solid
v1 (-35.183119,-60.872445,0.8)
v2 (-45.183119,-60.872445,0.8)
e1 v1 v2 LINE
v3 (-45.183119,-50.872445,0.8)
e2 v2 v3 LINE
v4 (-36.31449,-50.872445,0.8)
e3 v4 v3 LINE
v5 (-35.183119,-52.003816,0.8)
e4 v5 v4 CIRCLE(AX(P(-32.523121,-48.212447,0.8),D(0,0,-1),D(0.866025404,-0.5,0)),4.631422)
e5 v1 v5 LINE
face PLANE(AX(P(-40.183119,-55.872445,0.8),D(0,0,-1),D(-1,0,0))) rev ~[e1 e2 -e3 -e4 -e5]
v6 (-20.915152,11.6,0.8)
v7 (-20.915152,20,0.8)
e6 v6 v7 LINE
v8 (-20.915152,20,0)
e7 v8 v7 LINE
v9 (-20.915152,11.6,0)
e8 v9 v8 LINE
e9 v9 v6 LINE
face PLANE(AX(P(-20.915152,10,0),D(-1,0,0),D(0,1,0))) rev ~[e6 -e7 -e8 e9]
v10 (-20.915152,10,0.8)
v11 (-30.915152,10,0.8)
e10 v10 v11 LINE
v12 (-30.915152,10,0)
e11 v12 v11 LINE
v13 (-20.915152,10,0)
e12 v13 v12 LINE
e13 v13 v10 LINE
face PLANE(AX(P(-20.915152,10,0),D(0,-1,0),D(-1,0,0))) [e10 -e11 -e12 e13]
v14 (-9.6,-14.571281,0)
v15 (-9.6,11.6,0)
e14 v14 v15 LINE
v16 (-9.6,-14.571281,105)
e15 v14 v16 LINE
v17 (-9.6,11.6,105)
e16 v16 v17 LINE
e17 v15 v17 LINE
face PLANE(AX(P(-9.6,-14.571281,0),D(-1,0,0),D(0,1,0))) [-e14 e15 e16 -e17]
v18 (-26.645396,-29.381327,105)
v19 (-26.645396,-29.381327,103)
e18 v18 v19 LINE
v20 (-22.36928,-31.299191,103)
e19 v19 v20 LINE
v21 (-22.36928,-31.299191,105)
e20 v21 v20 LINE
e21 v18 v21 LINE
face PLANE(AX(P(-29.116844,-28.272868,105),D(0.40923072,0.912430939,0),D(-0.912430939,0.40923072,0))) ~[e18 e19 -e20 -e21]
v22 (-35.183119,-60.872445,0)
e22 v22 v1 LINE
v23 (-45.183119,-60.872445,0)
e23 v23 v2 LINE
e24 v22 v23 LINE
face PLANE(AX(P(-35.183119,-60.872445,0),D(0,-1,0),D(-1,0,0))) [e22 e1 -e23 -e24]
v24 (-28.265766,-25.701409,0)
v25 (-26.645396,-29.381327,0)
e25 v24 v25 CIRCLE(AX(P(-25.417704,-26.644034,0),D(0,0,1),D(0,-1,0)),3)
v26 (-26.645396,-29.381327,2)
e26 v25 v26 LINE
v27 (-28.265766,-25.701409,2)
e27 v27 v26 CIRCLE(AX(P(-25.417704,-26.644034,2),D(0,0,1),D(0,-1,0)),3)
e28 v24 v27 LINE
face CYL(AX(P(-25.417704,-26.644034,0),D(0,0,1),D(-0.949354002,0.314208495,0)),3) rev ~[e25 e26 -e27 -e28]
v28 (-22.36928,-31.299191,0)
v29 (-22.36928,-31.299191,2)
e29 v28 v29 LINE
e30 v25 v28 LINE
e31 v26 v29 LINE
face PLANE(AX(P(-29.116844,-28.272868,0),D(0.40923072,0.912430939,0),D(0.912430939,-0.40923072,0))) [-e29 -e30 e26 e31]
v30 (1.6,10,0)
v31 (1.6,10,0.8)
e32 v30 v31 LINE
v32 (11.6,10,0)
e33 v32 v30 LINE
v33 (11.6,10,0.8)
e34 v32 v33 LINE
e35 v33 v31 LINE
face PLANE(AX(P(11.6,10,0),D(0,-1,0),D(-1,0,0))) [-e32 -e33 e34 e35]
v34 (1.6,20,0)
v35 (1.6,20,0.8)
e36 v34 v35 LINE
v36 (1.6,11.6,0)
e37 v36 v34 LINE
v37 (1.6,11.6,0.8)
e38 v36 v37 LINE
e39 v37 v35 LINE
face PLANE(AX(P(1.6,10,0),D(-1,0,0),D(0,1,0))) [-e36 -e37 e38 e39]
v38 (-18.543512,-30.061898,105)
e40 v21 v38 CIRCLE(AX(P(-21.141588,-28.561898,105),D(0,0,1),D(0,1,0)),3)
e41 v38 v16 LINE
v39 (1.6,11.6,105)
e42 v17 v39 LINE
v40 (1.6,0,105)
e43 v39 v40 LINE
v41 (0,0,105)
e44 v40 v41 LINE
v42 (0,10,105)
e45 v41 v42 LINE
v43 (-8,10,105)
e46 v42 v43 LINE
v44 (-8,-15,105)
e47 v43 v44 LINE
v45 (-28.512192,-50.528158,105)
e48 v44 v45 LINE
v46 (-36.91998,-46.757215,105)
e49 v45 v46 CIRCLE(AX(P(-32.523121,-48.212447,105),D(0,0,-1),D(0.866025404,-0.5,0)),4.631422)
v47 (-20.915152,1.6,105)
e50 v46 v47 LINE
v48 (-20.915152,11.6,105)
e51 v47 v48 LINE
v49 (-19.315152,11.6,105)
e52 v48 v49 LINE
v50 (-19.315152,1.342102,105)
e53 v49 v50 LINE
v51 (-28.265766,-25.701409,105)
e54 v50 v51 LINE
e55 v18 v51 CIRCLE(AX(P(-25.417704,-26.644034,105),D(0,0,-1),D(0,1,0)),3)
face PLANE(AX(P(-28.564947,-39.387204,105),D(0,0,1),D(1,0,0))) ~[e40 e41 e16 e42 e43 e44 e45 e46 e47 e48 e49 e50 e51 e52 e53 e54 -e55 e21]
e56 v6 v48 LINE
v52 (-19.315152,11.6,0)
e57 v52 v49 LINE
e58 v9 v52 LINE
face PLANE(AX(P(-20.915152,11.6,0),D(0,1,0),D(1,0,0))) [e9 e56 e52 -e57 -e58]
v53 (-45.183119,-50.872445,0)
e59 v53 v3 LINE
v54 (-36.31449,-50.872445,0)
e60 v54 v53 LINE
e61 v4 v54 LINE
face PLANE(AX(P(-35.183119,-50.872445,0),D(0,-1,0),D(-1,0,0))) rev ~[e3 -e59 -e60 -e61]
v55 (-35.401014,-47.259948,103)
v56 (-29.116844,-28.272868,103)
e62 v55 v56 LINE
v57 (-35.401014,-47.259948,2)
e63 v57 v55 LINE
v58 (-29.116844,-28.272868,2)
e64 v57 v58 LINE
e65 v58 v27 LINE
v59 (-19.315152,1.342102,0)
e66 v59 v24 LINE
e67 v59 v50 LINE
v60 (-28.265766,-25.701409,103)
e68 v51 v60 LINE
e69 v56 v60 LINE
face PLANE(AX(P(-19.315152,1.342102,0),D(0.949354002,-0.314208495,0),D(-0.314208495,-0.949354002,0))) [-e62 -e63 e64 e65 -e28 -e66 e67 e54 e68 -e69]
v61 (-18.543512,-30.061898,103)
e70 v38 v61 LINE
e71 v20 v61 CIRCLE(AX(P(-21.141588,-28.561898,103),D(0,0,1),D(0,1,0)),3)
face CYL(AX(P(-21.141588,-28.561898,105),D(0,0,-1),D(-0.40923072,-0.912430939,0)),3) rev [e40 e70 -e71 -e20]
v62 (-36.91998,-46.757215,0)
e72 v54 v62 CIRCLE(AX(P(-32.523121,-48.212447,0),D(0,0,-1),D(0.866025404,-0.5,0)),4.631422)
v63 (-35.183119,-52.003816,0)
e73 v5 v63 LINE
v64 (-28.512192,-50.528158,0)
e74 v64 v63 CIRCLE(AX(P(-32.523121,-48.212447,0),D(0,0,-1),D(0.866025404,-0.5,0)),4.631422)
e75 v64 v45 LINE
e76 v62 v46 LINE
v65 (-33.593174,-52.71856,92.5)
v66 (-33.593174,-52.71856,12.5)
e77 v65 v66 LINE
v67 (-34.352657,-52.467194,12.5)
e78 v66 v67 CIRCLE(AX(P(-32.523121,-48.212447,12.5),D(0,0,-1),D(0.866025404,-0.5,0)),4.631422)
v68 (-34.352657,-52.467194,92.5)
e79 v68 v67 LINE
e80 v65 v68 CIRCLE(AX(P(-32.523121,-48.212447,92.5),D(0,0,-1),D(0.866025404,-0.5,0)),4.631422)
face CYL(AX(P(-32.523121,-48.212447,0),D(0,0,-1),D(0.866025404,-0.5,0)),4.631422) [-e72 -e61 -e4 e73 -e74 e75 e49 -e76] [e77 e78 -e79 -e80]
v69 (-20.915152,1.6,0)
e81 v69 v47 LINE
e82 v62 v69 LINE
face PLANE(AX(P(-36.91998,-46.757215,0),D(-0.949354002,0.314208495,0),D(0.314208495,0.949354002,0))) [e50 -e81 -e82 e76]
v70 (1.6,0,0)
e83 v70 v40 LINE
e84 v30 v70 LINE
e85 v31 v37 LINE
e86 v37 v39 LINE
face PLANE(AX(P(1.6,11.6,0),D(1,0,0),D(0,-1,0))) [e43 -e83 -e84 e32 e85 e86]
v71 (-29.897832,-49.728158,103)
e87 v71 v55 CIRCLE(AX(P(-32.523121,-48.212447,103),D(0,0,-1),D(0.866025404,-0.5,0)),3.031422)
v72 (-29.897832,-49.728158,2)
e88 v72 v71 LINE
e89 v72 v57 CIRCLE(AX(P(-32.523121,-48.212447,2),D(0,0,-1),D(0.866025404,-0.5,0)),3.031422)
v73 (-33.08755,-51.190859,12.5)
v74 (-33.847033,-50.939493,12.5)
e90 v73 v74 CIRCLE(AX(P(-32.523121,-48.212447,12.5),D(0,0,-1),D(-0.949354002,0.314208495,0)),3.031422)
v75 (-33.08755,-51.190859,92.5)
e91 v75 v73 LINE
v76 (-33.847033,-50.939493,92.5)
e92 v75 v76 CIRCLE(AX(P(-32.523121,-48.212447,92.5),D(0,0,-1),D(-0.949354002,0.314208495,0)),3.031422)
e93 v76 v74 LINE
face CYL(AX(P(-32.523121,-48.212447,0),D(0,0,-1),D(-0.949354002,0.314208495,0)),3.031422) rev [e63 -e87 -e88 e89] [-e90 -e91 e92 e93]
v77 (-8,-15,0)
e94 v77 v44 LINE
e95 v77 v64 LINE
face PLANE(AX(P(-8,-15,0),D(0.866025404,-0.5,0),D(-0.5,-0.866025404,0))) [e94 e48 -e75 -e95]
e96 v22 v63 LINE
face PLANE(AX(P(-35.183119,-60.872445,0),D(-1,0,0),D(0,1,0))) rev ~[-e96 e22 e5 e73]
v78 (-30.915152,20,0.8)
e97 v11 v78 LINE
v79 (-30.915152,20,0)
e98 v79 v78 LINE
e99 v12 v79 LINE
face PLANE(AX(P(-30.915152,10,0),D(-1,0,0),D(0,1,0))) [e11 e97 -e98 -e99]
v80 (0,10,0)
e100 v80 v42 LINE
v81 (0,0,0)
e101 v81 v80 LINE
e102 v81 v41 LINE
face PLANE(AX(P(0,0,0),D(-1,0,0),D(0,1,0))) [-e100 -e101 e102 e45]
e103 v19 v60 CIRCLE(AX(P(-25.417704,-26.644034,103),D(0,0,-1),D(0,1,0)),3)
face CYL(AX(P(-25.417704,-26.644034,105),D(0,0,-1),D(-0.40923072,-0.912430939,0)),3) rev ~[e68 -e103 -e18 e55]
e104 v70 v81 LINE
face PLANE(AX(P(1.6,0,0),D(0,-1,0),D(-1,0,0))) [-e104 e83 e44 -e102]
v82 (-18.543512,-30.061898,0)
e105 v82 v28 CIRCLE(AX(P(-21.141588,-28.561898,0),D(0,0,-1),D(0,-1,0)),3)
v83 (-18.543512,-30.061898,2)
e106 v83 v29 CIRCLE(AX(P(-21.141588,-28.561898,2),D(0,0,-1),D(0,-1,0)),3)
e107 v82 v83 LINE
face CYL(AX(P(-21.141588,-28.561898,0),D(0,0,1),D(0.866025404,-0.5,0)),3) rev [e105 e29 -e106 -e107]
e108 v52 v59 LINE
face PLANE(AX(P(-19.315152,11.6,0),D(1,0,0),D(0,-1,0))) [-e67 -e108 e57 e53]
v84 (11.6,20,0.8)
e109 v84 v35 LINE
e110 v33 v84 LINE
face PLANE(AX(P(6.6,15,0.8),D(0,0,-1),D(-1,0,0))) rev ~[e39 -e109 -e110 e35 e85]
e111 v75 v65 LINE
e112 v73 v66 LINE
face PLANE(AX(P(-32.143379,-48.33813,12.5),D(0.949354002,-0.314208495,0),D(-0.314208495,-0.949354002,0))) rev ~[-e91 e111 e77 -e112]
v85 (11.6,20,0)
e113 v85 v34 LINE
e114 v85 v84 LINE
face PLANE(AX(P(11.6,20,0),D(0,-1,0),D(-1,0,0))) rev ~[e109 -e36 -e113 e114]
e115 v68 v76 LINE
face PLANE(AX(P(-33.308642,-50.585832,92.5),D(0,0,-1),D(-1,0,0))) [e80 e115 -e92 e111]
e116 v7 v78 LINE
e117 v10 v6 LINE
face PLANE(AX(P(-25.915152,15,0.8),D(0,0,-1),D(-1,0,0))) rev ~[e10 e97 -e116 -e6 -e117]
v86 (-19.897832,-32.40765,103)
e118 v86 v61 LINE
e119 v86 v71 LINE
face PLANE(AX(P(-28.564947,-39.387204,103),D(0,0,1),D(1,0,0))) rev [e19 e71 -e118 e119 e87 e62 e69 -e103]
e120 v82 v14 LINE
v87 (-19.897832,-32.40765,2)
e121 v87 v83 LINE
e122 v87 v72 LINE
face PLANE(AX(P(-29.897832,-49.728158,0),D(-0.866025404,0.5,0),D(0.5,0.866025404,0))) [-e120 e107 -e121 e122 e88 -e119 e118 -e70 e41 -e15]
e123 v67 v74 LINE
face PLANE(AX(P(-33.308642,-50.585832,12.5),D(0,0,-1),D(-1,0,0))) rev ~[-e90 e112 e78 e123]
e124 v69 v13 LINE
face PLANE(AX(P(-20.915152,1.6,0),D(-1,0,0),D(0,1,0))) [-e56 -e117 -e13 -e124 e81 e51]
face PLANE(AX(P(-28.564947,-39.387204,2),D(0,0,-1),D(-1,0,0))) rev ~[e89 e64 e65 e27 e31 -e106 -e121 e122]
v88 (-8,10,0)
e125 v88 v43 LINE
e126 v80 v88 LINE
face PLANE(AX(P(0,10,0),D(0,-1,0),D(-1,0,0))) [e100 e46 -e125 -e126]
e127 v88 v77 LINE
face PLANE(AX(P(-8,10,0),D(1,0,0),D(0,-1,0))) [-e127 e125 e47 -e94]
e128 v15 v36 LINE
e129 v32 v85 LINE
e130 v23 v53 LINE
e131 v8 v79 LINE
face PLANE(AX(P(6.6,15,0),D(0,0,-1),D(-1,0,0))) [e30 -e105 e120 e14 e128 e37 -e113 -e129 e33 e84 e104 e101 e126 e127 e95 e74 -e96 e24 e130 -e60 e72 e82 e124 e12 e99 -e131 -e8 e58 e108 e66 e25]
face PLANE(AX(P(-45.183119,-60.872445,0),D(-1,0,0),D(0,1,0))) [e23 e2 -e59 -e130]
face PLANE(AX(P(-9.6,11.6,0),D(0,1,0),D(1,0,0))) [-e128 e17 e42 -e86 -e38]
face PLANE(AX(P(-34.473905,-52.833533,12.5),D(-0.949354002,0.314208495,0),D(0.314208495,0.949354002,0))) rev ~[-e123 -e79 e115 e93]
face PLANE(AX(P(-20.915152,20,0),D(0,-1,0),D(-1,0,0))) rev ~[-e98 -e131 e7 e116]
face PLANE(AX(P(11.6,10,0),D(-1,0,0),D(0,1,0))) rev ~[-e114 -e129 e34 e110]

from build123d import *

# Parameters (mm, degrees)
BOSS_EXTRUDE1_DEPTH     = 105
BOSS_EXTRUDE2_DEPTH     = 2
FILLET1_R               = 3
CUT_EXTRUDE1_DEPTH      = 40
CUT_EXTRUDE1_DEPTH_BACK = 40
SKETCH4_W               = 10
SKETCH4_H               = 10
BOSS_EXTRUDE3_DEPTH     = 0.8


with BuildPart() as part:
    # Sketch1 → Boss-Extrude1 (new body)
    with BuildSketch(Plane.XY):
        with BuildLine():
            Line((0, 0), (0, 10))
            Line((0, 10), (-8, 10))
            Line((-8, 10), (-8, -15))
            Line((-8, -15), (-28.512191548, -50.528157935))
            ThreePointArc((-28.512191548, -50.528157935), (-34.418441215, -52.438299786), (-36.919980235, -46.757214542))
            Line((-36.919980235, -46.757214542), (-20.915152124, 1.6))
            Line((-20.915152124, 1.6), (-20.915152124, 11.6))
            Line((-20.915152124, 11.6), (-19.315152124, 11.6))
            Line((-19.315152124, 11.6), (-19.315152124, 1.342102465))
            Line((-19.315152124, 1.342102465), (-35.401013831, -47.259948135))
            ThreePointArc((-35.401013831, -47.259948135), (-33.763672062, -50.978410285), (-29.897832194, -49.728157935))
            Line((-29.897832194, -49.728157935), (-9.6, -14.571281292))
            Line((-9.6, -14.571281292), (-9.6, 11.6))
            Line((-9.6, 11.6), (1.6, 11.6))
            Line((1.6, 11.6), (1.6, 0))
            Line((1.6, 0), (0, 0))
        make_face()
    extrude(amount=BOSS_EXTRUDE1_DEPTH)

    # Sketch2 → Boss-Extrude2 (add)
    with BuildSketch(Plane(origin=(0, 0, 0), x_dir=(-1, 0, 0), z_dir=(0, 0, -1))):
        with BuildLine():
            Line((35.401013831, -47.259948135), (29.116843924, -28.272868091))
            Line((29.116843924, -28.272868091), (19.897832194, -32.407649859))
            Line((19.897832194, -32.407649859), (29.897832194, -49.728157935))
            ThreePointArc((29.897832194, -49.728157935), (33.763672062, -50.978410285), (35.401013831, -47.259948135))
        make_face()
    boss_extrude2 = extrude(amount=-BOSS_EXTRUDE2_DEPTH)

    # Mirror1: Boss-Extrude2 across plane
    add(boss_extrude2.mirror(Plane.XY.offset(52.5)))

    # Fillet1
    fillet1_edges = [part.edges().sort_by_distance(p)[0] for p in [
        (-19.897832194, -32.407649859, 1),
        (-29.116843924, -28.272868091, 1),
        (-29.116843924, -28.272868091, 104),
        (-19.897832194, -32.407649859, 104),
    ]]
    fillet(fillet1_edges, radius=FILLET1_R)

    # Sketch3 → Cut-Extrude1 (cut, two sides: drawn at the far end of the back side and taken through both)
    with BuildSketch(Plane.XY.offset(52.5).offset(-CUT_EXTRUDE1_DEPTH_BACK)):
        with BuildLine():
            Line((-32.143379325, -48.338130177), (-33.714421802, -53.084900187))
            ThreePointArc((-33.714421802, -53.084900187), (-34.219846801, -53.33895839), (-34.473905004, -52.833533391))
            Line((-34.473905004, -52.833533391), (-32.902862527, -48.08676338))
            ThreePointArc((-32.902862527, -48.08676338), (-32.397437528, -47.832705178), (-32.143379325, -48.338130177))
        make_face()
    extrude(amount=CUT_EXTRUDE1_DEPTH + CUT_EXTRUDE1_DEPTH_BACK, mode=Mode.SUBTRACT)

    # Sketch4 → Boss-Extrude3 (add)
    with BuildSketch(Plane(origin=(0, 0, 0), x_dir=(-1, 0, 0), z_dir=(0, 0, -1))):
        with Locations((-6.6, 15)):
            Rectangle(SKETCH4_W, SKETCH4_H)
        with Locations((25.915152124, 15)):
            Rectangle(SKETCH4_W, SKETCH4_H)
        with Locations((40.183119354, -55.872445207)):
            Rectangle(SKETCH4_W, SKETCH4_H)
    extrude(amount=-BOSS_EXTRUDE3_DEPTH)


solid = part.part
